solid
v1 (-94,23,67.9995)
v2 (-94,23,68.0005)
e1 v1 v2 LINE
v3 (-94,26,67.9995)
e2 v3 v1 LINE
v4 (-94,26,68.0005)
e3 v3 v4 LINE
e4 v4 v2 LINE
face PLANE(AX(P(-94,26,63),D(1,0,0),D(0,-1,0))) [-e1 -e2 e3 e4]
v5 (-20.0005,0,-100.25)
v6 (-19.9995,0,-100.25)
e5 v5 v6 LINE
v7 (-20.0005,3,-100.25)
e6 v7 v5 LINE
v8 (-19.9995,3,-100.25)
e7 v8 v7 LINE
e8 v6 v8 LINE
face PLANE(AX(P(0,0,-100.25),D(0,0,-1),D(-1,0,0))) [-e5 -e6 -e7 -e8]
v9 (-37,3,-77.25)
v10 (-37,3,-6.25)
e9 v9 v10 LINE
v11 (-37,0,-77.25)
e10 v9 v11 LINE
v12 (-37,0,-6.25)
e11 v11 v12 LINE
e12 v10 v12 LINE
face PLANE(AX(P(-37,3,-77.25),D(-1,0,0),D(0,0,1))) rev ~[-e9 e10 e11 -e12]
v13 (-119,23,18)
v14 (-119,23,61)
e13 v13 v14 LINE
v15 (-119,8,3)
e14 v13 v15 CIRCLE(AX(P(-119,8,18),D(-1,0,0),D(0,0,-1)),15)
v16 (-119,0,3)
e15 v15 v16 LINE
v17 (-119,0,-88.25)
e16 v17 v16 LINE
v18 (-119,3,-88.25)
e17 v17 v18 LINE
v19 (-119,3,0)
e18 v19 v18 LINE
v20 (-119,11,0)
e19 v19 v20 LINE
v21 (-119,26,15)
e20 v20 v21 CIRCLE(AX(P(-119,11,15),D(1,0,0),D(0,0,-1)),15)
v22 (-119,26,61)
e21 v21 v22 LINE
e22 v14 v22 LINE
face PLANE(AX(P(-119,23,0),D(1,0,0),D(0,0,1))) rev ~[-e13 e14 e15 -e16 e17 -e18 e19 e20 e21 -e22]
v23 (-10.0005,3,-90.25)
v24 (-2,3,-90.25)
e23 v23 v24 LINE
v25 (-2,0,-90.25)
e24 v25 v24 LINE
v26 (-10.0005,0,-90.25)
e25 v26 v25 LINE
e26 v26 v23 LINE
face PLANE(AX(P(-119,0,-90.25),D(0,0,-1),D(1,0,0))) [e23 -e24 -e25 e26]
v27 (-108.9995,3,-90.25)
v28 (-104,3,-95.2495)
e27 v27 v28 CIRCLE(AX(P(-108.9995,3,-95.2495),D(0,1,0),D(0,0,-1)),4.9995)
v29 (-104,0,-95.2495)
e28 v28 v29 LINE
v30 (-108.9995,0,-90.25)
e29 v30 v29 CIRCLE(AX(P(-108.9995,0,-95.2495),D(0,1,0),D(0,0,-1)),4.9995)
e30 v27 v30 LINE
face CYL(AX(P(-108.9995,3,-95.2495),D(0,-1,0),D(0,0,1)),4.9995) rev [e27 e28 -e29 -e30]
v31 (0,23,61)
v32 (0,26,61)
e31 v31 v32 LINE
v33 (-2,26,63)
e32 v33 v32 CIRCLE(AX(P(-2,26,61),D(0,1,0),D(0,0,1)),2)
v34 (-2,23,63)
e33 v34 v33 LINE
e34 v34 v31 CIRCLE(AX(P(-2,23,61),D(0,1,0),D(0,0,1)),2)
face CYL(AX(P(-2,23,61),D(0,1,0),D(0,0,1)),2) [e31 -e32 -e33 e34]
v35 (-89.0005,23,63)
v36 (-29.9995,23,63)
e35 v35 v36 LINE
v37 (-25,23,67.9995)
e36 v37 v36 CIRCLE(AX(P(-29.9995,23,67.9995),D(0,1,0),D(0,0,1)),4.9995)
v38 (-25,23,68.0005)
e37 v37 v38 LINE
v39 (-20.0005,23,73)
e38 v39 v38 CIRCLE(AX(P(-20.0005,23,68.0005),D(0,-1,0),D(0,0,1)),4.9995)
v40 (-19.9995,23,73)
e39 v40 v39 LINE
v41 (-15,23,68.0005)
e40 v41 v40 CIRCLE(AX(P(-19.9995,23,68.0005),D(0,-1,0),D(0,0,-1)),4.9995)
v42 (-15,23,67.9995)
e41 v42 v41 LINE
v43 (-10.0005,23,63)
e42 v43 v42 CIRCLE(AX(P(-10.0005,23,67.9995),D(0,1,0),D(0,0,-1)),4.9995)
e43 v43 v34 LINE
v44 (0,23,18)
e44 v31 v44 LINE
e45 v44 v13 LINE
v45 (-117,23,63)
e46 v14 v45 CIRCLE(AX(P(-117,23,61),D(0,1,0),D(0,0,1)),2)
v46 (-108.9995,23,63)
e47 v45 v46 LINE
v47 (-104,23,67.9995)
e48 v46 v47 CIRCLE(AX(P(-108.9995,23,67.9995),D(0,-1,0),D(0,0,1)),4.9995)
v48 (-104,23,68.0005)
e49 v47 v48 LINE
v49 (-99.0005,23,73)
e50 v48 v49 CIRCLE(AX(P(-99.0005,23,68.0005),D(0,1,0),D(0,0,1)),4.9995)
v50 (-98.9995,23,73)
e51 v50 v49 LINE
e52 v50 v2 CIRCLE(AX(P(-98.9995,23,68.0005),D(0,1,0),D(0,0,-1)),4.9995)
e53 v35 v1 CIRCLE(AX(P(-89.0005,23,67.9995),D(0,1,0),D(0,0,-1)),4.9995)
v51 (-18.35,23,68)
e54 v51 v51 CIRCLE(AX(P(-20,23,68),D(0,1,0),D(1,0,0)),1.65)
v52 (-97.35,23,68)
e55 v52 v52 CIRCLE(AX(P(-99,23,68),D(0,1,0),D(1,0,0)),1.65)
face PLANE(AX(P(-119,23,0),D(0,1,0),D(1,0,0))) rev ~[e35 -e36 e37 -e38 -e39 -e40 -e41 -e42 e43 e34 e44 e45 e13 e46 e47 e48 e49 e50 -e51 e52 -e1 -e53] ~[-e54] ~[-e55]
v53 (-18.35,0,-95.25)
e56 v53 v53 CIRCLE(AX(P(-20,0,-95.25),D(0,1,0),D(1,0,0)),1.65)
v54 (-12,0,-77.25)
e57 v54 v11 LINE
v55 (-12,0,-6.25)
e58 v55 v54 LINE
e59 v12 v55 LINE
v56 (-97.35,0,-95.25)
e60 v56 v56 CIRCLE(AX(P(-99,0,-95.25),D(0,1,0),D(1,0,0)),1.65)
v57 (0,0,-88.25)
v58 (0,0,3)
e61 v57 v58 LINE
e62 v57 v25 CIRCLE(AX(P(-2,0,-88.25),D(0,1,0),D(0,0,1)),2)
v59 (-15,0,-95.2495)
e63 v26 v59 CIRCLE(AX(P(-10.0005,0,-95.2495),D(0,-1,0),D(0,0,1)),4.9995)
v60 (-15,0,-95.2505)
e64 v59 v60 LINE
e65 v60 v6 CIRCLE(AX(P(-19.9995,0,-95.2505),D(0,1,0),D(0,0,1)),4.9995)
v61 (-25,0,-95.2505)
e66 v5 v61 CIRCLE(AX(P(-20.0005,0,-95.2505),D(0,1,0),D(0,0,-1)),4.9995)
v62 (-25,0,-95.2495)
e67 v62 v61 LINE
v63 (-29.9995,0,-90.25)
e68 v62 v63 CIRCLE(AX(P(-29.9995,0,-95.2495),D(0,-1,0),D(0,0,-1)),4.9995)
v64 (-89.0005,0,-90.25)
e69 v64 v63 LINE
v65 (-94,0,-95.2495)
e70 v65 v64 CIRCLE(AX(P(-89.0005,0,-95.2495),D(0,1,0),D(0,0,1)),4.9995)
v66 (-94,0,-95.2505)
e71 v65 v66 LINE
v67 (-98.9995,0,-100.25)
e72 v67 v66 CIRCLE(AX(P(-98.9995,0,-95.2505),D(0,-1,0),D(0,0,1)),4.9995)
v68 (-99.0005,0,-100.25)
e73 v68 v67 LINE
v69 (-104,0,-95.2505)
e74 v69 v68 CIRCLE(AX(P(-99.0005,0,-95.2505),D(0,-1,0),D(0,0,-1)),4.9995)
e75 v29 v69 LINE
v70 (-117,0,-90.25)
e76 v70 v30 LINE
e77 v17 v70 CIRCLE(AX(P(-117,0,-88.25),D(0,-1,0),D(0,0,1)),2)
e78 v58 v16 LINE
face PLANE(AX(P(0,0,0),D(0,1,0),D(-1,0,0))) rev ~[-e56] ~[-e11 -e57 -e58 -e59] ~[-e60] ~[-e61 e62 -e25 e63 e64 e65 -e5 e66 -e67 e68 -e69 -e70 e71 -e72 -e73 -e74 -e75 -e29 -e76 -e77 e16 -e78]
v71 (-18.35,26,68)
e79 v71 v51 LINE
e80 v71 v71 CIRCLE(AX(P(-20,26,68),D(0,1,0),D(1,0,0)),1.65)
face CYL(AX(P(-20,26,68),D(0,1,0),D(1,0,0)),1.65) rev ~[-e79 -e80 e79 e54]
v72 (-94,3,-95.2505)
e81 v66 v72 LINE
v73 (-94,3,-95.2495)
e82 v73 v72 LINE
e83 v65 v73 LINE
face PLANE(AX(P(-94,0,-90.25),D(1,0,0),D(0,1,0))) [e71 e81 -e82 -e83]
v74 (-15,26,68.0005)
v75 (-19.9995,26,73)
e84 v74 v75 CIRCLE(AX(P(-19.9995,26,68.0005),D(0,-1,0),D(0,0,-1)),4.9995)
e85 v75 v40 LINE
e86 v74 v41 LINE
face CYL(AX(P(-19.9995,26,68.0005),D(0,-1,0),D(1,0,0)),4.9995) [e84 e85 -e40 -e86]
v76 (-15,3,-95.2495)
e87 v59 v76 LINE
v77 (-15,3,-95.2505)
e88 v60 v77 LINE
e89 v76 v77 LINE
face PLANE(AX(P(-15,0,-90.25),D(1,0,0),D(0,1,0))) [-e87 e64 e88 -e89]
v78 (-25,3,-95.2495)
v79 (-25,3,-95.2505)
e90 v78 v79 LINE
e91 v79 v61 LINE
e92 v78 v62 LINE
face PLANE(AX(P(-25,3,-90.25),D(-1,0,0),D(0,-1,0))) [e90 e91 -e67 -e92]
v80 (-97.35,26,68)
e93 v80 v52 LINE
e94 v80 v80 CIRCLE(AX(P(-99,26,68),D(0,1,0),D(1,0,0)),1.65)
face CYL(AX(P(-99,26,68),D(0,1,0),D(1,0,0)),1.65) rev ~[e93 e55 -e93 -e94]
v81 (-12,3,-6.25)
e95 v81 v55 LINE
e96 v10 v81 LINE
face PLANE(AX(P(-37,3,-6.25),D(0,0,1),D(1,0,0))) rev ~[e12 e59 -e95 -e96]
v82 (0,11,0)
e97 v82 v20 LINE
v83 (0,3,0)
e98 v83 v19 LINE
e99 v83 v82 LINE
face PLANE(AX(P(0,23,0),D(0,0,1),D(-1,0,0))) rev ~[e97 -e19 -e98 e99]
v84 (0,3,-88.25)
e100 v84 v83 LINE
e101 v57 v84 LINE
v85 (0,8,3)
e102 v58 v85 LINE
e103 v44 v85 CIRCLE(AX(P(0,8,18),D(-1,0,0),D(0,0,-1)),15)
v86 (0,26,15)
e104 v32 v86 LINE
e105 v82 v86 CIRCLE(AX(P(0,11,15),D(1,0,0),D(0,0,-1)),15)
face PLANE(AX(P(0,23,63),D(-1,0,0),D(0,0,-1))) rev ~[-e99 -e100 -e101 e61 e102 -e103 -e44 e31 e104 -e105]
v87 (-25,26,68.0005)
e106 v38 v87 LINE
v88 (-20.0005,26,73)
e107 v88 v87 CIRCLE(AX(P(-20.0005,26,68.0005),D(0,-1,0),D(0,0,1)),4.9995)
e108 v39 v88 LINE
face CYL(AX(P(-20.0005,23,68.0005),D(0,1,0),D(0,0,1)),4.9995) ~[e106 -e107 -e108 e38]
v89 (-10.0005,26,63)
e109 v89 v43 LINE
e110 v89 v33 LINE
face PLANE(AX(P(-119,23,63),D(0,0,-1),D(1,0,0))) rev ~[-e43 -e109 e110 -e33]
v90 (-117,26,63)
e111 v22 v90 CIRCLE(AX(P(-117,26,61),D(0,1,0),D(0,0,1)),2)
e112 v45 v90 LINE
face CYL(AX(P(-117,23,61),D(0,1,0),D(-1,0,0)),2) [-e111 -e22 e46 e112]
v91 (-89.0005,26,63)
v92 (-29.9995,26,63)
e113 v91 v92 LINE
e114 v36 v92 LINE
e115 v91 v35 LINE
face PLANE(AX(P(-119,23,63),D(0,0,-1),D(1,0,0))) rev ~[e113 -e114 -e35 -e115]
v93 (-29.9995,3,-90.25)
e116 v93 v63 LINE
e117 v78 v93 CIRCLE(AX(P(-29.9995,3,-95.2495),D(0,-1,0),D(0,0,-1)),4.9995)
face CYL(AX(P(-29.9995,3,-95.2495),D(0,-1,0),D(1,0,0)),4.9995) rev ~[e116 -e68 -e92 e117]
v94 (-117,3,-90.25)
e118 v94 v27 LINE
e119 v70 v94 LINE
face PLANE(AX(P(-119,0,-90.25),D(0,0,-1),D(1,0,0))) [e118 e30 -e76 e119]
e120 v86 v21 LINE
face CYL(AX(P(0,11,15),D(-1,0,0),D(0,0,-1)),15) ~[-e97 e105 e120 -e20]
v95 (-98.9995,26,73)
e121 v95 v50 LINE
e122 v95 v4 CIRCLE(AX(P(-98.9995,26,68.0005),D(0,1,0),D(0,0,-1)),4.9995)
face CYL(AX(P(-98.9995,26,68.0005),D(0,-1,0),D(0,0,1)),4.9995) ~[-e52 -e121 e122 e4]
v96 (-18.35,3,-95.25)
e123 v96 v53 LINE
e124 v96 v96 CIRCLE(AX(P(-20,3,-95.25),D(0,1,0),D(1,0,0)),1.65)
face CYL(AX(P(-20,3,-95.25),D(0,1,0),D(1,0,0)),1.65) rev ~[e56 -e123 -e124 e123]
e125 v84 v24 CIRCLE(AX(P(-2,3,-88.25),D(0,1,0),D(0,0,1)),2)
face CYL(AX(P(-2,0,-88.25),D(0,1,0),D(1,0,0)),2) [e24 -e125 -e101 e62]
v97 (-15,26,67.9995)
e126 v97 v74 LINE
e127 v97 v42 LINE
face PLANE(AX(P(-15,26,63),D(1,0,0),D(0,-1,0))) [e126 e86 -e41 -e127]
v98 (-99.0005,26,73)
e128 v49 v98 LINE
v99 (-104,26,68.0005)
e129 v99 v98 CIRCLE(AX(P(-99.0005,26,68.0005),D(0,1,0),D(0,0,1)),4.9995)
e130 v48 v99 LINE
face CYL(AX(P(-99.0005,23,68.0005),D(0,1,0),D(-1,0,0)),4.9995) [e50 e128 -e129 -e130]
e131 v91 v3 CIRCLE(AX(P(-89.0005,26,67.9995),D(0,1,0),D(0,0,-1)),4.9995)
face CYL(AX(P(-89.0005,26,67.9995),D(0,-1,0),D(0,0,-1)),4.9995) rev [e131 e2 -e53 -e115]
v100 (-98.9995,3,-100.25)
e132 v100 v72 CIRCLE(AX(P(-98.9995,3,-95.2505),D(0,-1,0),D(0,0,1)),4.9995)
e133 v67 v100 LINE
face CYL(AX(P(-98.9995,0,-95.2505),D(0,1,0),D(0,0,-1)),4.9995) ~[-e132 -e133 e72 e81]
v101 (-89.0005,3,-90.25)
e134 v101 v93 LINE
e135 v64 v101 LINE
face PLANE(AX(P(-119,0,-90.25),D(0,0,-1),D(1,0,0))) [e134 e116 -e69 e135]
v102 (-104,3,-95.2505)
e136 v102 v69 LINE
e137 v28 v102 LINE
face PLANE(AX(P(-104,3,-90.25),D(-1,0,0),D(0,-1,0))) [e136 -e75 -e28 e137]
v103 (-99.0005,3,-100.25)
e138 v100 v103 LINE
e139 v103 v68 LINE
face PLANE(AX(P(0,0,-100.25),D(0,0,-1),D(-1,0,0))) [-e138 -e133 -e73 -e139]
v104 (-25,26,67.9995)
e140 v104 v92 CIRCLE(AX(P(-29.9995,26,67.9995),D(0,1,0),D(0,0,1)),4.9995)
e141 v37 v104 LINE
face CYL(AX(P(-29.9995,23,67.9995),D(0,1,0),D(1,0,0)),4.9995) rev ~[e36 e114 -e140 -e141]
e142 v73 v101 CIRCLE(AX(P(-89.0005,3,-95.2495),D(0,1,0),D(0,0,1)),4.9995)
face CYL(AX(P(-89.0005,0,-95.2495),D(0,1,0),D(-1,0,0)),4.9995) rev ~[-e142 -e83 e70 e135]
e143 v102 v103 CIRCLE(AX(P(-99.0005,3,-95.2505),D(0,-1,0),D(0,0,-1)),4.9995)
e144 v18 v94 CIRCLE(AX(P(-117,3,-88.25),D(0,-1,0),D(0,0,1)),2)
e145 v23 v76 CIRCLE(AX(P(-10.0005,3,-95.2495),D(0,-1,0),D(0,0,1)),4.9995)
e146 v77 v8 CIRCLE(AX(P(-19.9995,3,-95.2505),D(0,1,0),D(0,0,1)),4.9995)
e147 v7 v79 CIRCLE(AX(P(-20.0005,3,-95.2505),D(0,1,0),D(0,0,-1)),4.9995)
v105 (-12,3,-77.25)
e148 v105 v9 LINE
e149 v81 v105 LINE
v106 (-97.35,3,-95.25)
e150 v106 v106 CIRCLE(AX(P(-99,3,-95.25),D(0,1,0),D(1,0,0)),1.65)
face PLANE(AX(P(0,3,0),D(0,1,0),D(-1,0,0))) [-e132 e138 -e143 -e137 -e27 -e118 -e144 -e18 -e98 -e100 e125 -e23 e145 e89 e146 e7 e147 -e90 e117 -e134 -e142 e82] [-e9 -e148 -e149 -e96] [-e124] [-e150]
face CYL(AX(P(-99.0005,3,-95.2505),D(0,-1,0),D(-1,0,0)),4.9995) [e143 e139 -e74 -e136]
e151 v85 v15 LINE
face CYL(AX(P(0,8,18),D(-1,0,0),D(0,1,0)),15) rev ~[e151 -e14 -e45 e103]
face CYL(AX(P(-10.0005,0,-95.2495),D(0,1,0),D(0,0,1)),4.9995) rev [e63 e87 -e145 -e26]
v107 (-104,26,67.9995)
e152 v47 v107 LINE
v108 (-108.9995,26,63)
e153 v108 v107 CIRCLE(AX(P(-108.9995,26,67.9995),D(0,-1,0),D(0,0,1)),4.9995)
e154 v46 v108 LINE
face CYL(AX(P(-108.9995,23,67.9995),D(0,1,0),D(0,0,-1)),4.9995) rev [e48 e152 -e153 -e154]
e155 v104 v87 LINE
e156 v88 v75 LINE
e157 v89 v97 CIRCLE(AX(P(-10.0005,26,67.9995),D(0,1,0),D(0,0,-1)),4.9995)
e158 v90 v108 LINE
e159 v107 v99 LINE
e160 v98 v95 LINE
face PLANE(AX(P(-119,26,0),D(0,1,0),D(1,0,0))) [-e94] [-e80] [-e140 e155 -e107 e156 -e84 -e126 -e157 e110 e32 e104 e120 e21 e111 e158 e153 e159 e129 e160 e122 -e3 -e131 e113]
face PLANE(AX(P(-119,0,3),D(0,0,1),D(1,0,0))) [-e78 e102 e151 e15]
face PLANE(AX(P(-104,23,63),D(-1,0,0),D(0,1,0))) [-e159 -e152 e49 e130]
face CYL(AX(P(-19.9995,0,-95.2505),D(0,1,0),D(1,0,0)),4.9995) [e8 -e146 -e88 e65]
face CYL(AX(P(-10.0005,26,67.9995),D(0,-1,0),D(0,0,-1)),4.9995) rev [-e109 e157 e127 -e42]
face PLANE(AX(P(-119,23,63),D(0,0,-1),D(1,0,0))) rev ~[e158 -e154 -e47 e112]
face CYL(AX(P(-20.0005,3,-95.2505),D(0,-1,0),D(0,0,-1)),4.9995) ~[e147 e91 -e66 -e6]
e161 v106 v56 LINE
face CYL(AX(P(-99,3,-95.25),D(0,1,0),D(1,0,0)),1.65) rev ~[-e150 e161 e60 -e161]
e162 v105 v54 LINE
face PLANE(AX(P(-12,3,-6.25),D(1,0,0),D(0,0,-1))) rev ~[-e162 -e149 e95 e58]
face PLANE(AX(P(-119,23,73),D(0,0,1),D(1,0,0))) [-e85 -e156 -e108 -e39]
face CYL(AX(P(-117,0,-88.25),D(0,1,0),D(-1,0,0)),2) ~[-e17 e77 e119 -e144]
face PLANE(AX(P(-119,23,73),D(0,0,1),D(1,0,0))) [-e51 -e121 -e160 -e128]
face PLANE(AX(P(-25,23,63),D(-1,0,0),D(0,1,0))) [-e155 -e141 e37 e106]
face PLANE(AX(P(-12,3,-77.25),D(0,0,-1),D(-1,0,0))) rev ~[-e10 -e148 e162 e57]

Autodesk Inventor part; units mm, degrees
ref_plane "YZ Plane" through (0, 0, 0) normal (1, 0, 0) x (0, 1, 0)
ref_plane "XZ Plane" through (0, 0, 0) normal (0, 1, 0) x (-1, 0, 0)
ref_plane "XY Plane" through (0, 0, 0) normal (0, 0, 1) x (1, 0, 0)
sketch "Sketch1" plane through (0, 0, 0) normal (0, 1, 0) x (-1, 0, 0)
  line L0 (0, 0) -> (119, 0)
  line L1 (119, 0) -> (119, -90.25)
  line L2 (119, -90.25) -> (0, -90.25)
  line L3 (0, -90.25) -> (0, 0)
  dimension "d0" = 119
  dimension "d1" = 90.25
extrude "Extrusion1" add sketch "Sketch1" along normal blind 3
sketch "Sketch2" plane through (-119, 0, 0) normal (0, 0, 1) x (1, 0, 0)
  line L0 (119, 0) -> (0, 0) projected
  line L1 (0, 0) -> (119, 0)
  line L2 (119, 0) -> (119, 23)
  line L3 (119, 23) -> (0, 23)
  line L4 (0, 23) -> (0, 0)
  dimension "d4" = 23
extrude "Extrusion2" add sketch "Sketch2" along normal blind 3
sketch "Sketch3" plane through (-119, 23, 0) normal (0, 1, 0) x (1, 0, 0)
  line L0 (119, 0) -> (119, 90.25) projected
  line L1 (119, 0) -> (0, 0)
  line L2 (0, 0) -> (0, -63)
  line L3 (0, -63) -> (119, -63)
  line L4 (119, -63) -> (119, 0)
  dimension "d7" = 119
  dimension "d8" = 63
extrude "Extrusion3" add sketch "Sketch3" along normal blind 3
fillet "Fillet1" radius 15 2 edges at (-59.5, 26, 0) (-59.5, 23, 3)
sketch "Sketch4" plane through (0, 0, -90.25) normal (0, 0, -1) x (-1, 0, 0)
  line L0 (0, 3) -> (119, 3) projected
  line L1 (15, 3) -> (25, 3)
  line L2 (25, 3) -> (25, 0)
  line L3 (25, 0) -> (15, 0)
  line L4 (15, 0) -> (15, 3)
  line L5 (0, 0) -> (0, 3) projected
  line L6 (94, 3) -> (104, 3)
  line L7 (104, 3) -> (104, 0)
  line L8 (104, 0) -> (94, 0)
  line L9 (94, 0) -> (94, 3)
  line L10 (119, 0) -> (119, 3) projected
  point P0 (15, 1.5)
  point P1 (0, 1.5)
  point P2 (104, 1.5)
  point P3 (119, 1.5)
  dimension "d12" = 10
  dimension "d13" = 3
  dimension "d14" = 15
  dimension "d15" = 10
  dimension "d16" = 3
  dimension "d17" = 15
extrude "Extrusion4" add sketch "Sketch4" along normal blind 10
sketch "Sketch5" plane through (-119, 23, 63) normal (0, 0, 1) x (1, 0, 0)
  line L0 (0, 3) -> (119, 3) projected
  line L1 (15, 3) -> (25, 3)
  line L2 (25, 3) -> (25, 0)
  line L3 (25, 0) -> (15, 0)
  line L4 (15, 0) -> (15, 3)
  line L5 (94, 3) -> (104, 3)
  line L6 (104, 3) -> (104, 0)
  line L7 (104, 0) -> (94, 0)
  line L8 (94, 0) -> (94, 3)
  line L9 (0, 0) -> (0, 3) projected
  line L10 (119, 0) -> (119, 3) projected
  point P0 (119, -23)
  point P1 (15, 1.5)
  point P2 (0, 1.5)
  point P3 (119, 1.5)
  point P4 (104, 1.5)
  point P5 (104, 3)
  point P6 (94, 3)
  point P7 (25, 3)
  dimension "d20" = 10
  dimension "d21" = 3
  dimension "d22" = 10
  dimension "d23" = 3
  dimension "d24" = 15
  dimension "d25" = 15
extrude "Extrusion5" add sketch "Sketch5" along normal blind 10
sketch "Sketch6" plane through (-119, 26, 0) normal (0, 1, 0) x (1, 0, 0)
  circle A0 centre (20, -68) radius 1.65
  line L0 (15, -63) -> (15, -73) projected
  line L1 (25, -73) -> (15, -73) projected
  circle A1 centre (99, -68) radius 1.65
  line L2 (104, -73) -> (94, -73) projected
  line L3 (94, -63) -> (94, -73) projected
  point P0 (119, 0)
  point P1 (15, -68)
  point P2 (99, -73)
  dimension "d28" = 3.3
  dimension "d29" = 5
  dimension "d30" = 5
  dimension "d31" = 3.3
  dimension "d32" = 5
  dimension "d33" = 5
extrude "Extrusion6" cut sketch "Sketch6" against normal blind 5
sketch "Sketch7" plane through (0, 3, 0) normal (0, 1, 0) x (1, 0, 0)
  circle A0 centre (-99, 95.25) radius 1.65
  circle A1 centre (-20, 95.25) radius 1.65
  line L0 (-104, 90.25) -> (-104, 100.25) projected
  line L1 (-104, 100.25) -> (-94, 100.25) projected
  line L2 (-25, 90.25) -> (-25, 100.25) projected
  line L3 (-25, 100.25) -> (-15, 100.25) projected
  point P0 (0, 0)
  point P1 (-104, 95.25)
  dimension "d36" = 3.3
  dimension "d37" = 3.3
  dimension "d38" = 5
  dimension "d39" = 5
  dimension "d40" = 5
  dimension "d41" = 5
extrude "Extrusion7" cut sketch "Sketch7" against normal blind 5
fillet "Fillet2" radius 5 16 edges at (-15, 24.5, 73) (-15, 24.5, 63) (-25, 24.5, 73) (-25, 24.5, 63) (-104, 24.5, 63) (-104, 24.5, 73) (-94, 24.5, 73) (-94, 24.5, 63) (-15, 1.5, -90.25) (-15, 1.5, -100.25) (-25, 1.5, -100.25) (-25, 1.5, -90.25) (-94, 1.5, -100.25) (-104, 1.5, -100.25) (-104, 1.5, -90.25) (-94, 1.5, -90.25)
fillet "Fillet3" radius 2 4 edges at (0, 1.5, -90.25) (-119, 1.5, -90.25) (-119, 24.5, 63) (0, 24.5, 63)
sketch "Sketch8" plane through (0, 3, 0) normal (0, 1, 0) x (1, 0, 0)
  line L0 (-37, 6.25) -> (-12, 6.25)
  line L1 (-12, 6.25) -> (-12, 77.25)
  line L2 (-12, 77.25) -> (-37, 77.25)
  line L3 (-37, 77.25) -> (-37, 6.25)
  line L4 (0, 0) -> (0, 88.25) projected
  line L5 (-2, 90.25) -> (-10, 90.25) projected
  dimension "d46" = 25
  dimension "d47" = 71
  dimension "d48" = 12
  dimension "d49" = 13
extrude "Extrusion8" cut sketch "Sketch8" against normal blind 5
equation "\"d34\" = d30"
equation "\"d42\" = d30"
equation "\"d50\" = d30"
properties part number "top"
